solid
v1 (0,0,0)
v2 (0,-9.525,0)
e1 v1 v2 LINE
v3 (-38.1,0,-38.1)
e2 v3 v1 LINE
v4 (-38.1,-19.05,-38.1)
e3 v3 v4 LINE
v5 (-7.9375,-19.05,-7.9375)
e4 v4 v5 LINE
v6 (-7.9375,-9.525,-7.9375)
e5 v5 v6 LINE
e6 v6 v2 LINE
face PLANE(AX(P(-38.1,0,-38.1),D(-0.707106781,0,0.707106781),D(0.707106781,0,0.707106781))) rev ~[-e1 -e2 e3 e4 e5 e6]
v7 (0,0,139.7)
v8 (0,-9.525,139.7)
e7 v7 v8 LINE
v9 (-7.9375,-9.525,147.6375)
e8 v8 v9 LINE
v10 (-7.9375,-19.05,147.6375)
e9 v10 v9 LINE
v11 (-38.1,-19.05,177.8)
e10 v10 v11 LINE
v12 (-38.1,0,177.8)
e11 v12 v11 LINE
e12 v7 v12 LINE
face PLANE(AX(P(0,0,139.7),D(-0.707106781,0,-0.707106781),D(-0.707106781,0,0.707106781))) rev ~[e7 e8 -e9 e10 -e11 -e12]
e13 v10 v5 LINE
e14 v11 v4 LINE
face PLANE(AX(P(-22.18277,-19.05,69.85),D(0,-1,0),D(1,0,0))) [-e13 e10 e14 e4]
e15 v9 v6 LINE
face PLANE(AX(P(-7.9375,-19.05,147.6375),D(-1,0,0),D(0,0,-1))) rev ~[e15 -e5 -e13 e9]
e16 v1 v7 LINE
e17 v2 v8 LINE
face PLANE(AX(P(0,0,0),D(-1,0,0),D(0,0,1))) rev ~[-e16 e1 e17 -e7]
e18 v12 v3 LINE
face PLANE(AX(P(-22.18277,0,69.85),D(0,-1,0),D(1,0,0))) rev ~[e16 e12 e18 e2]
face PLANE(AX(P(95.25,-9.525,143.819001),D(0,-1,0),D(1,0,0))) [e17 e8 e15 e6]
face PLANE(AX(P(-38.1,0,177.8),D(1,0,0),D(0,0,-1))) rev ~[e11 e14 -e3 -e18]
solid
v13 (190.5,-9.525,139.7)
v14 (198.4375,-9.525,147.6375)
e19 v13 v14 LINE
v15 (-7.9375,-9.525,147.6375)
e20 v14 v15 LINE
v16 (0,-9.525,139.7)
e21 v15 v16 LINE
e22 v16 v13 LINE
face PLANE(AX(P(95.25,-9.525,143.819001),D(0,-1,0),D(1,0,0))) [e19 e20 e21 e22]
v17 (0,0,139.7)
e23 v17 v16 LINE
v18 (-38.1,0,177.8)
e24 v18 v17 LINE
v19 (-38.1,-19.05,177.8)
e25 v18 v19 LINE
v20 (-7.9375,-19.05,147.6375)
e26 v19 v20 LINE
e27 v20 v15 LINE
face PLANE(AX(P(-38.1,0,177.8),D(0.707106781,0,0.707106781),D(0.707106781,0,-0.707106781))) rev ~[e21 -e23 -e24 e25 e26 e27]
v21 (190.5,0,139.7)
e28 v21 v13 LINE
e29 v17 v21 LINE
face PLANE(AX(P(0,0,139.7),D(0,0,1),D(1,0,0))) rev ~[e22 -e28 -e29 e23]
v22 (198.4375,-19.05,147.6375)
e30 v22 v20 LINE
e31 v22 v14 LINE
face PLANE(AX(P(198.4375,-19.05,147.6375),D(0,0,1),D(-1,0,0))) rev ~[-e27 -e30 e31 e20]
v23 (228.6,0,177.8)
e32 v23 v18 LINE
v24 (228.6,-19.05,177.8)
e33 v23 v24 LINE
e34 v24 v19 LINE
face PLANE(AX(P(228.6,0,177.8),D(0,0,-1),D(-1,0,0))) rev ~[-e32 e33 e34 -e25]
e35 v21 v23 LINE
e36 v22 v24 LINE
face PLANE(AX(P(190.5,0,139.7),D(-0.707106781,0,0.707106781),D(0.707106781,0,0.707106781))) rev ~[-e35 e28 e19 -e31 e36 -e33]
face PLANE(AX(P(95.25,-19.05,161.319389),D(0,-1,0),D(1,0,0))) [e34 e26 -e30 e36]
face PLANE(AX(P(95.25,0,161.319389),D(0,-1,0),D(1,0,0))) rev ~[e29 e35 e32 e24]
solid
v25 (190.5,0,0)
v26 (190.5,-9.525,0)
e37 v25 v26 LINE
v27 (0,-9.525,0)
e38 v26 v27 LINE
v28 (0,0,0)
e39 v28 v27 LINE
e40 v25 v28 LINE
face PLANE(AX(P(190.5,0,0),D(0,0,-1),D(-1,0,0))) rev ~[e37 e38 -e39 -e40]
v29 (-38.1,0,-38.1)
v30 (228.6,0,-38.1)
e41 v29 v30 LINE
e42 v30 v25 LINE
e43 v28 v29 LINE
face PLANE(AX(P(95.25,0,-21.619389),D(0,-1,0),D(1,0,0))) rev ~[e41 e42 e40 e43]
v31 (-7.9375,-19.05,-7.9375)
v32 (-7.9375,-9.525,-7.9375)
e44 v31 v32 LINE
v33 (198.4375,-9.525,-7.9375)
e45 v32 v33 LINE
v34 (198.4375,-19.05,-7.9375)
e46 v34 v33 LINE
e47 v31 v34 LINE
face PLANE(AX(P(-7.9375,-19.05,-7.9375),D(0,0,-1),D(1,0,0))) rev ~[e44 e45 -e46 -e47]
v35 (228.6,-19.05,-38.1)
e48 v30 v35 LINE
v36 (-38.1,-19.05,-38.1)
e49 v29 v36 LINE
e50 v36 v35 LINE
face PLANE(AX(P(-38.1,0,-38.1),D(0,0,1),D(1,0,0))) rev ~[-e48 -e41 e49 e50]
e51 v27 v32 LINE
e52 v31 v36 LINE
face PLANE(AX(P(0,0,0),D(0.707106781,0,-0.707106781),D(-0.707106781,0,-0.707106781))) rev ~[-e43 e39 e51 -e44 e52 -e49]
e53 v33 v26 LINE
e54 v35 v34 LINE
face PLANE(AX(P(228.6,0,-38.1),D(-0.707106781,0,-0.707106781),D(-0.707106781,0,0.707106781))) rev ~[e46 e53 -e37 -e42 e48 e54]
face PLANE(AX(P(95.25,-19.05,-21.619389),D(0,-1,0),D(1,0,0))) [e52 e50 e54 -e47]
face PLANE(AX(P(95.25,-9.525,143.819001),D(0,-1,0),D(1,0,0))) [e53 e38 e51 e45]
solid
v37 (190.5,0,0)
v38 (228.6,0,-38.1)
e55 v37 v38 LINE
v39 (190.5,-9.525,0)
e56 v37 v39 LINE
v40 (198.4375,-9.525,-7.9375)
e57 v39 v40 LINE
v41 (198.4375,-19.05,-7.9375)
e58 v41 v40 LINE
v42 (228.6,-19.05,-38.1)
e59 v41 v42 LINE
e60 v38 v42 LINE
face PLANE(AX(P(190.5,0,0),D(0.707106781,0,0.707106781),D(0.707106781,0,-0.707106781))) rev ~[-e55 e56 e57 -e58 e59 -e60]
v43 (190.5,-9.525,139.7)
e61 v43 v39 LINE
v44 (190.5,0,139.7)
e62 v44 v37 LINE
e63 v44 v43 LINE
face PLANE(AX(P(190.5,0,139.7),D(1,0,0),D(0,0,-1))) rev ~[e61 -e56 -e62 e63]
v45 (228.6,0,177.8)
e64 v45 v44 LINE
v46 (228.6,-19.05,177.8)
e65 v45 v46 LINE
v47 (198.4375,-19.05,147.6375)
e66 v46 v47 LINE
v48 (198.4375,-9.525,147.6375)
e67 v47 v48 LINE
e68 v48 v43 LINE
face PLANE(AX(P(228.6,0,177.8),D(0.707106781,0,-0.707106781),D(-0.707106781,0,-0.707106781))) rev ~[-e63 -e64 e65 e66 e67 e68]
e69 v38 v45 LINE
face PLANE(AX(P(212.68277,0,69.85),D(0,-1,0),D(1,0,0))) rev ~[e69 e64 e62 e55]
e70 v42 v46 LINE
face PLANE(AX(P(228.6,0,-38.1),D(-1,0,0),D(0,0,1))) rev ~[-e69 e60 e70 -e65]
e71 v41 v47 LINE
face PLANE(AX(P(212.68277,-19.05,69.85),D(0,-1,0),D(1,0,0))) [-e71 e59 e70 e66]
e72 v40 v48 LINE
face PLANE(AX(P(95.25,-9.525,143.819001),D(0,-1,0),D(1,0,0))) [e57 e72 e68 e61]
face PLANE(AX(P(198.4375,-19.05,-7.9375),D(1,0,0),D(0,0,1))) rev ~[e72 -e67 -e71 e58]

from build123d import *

# Parameters (mm, degrees)
F1_DEPTH = 19.05
F2_DEPTH = 19.05
F3_DEPTH = 19.05
F4_DEPTH = 19.05
F6_DEPTH = 9.525


with BuildPart() as f1:
    # F0 (on Front) → F1 (new body)
    with BuildSketch(Plane.XZ):
        Polygon((-38.1, -38.1), (0, 0), (0, 139.7), (-38.1, 177.8), align=None)
    extrude(amount=F1_DEPTH)


with BuildPart() as f2:
    # F0 (on Front) → F2 (new body)
    with BuildSketch(Plane.XZ):
        Polygon((-38.1, 177.8), (0, 139.7), (190.5, 139.7), (228.6, 177.8), align=None)
    extrude(amount=F2_DEPTH)


with BuildPart() as f3:
    # F0 (on Front) → F3 (new body)
    with BuildSketch(Plane.XZ):
        Polygon((190.5, 139.7), (190.5, 0), (228.6, -38.1), (228.6, 177.8), align=None)
    extrude(amount=F3_DEPTH)


with BuildPart() as f4:
    # F0 (on Front) → F4 (new body)
    with BuildSketch(Plane.XZ):
        Polygon((190.5, 0), (0, 0), (-38.1, -38.1), (228.6, -38.1), align=None)
    extrude(amount=F4_DEPTH)


with BuildPart() as f6_tool:
    # F5 (on face) → F6 (new body)
    with BuildSketch(Plane.XZ.offset(19.05)):
        Polygon((-7.9375, 147.6375), (0, 139.7), (190.5, 139.7), (198.4375, 147.6375), align=None)
        Polygon((0, 0), (0, 139.7), (-7.9375, 147.6375), (-7.9375, -7.9375), align=None)
        Polygon((190.5, 0), (0, 0), (-7.9375, -7.9375), (198.4375, -7.9375), align=None)
        Polygon((198.4375, 147.6375), (190.5, 139.7), (190.5, 0), (198.4375, -7.9375), align=None)
    extrude(amount=-F6_DEPTH)


with BuildPart() as f1_1:
    add(f1.part)

    # F6: cut by f6_tool
    add(f6_tool.part, mode=Mode.SUBTRACT)


with BuildPart() as f2_1:
    add(f2.part)

    # F6: cut by f6_tool
    add(f6_tool.part, mode=Mode.SUBTRACT)


with BuildPart() as f3_1:
    add(f3.part)

    # F6: cut by f6_tool
    add(f6_tool.part, mode=Mode.SUBTRACT)


with BuildPart() as f4_1:
    add(f4.part)

    # F6: cut by f6_tool
    add(f6_tool.part, mode=Mode.SUBTRACT)


solid = Compound([f1_1.part, f2_1.part, f3_1.part, f4_1.part])
